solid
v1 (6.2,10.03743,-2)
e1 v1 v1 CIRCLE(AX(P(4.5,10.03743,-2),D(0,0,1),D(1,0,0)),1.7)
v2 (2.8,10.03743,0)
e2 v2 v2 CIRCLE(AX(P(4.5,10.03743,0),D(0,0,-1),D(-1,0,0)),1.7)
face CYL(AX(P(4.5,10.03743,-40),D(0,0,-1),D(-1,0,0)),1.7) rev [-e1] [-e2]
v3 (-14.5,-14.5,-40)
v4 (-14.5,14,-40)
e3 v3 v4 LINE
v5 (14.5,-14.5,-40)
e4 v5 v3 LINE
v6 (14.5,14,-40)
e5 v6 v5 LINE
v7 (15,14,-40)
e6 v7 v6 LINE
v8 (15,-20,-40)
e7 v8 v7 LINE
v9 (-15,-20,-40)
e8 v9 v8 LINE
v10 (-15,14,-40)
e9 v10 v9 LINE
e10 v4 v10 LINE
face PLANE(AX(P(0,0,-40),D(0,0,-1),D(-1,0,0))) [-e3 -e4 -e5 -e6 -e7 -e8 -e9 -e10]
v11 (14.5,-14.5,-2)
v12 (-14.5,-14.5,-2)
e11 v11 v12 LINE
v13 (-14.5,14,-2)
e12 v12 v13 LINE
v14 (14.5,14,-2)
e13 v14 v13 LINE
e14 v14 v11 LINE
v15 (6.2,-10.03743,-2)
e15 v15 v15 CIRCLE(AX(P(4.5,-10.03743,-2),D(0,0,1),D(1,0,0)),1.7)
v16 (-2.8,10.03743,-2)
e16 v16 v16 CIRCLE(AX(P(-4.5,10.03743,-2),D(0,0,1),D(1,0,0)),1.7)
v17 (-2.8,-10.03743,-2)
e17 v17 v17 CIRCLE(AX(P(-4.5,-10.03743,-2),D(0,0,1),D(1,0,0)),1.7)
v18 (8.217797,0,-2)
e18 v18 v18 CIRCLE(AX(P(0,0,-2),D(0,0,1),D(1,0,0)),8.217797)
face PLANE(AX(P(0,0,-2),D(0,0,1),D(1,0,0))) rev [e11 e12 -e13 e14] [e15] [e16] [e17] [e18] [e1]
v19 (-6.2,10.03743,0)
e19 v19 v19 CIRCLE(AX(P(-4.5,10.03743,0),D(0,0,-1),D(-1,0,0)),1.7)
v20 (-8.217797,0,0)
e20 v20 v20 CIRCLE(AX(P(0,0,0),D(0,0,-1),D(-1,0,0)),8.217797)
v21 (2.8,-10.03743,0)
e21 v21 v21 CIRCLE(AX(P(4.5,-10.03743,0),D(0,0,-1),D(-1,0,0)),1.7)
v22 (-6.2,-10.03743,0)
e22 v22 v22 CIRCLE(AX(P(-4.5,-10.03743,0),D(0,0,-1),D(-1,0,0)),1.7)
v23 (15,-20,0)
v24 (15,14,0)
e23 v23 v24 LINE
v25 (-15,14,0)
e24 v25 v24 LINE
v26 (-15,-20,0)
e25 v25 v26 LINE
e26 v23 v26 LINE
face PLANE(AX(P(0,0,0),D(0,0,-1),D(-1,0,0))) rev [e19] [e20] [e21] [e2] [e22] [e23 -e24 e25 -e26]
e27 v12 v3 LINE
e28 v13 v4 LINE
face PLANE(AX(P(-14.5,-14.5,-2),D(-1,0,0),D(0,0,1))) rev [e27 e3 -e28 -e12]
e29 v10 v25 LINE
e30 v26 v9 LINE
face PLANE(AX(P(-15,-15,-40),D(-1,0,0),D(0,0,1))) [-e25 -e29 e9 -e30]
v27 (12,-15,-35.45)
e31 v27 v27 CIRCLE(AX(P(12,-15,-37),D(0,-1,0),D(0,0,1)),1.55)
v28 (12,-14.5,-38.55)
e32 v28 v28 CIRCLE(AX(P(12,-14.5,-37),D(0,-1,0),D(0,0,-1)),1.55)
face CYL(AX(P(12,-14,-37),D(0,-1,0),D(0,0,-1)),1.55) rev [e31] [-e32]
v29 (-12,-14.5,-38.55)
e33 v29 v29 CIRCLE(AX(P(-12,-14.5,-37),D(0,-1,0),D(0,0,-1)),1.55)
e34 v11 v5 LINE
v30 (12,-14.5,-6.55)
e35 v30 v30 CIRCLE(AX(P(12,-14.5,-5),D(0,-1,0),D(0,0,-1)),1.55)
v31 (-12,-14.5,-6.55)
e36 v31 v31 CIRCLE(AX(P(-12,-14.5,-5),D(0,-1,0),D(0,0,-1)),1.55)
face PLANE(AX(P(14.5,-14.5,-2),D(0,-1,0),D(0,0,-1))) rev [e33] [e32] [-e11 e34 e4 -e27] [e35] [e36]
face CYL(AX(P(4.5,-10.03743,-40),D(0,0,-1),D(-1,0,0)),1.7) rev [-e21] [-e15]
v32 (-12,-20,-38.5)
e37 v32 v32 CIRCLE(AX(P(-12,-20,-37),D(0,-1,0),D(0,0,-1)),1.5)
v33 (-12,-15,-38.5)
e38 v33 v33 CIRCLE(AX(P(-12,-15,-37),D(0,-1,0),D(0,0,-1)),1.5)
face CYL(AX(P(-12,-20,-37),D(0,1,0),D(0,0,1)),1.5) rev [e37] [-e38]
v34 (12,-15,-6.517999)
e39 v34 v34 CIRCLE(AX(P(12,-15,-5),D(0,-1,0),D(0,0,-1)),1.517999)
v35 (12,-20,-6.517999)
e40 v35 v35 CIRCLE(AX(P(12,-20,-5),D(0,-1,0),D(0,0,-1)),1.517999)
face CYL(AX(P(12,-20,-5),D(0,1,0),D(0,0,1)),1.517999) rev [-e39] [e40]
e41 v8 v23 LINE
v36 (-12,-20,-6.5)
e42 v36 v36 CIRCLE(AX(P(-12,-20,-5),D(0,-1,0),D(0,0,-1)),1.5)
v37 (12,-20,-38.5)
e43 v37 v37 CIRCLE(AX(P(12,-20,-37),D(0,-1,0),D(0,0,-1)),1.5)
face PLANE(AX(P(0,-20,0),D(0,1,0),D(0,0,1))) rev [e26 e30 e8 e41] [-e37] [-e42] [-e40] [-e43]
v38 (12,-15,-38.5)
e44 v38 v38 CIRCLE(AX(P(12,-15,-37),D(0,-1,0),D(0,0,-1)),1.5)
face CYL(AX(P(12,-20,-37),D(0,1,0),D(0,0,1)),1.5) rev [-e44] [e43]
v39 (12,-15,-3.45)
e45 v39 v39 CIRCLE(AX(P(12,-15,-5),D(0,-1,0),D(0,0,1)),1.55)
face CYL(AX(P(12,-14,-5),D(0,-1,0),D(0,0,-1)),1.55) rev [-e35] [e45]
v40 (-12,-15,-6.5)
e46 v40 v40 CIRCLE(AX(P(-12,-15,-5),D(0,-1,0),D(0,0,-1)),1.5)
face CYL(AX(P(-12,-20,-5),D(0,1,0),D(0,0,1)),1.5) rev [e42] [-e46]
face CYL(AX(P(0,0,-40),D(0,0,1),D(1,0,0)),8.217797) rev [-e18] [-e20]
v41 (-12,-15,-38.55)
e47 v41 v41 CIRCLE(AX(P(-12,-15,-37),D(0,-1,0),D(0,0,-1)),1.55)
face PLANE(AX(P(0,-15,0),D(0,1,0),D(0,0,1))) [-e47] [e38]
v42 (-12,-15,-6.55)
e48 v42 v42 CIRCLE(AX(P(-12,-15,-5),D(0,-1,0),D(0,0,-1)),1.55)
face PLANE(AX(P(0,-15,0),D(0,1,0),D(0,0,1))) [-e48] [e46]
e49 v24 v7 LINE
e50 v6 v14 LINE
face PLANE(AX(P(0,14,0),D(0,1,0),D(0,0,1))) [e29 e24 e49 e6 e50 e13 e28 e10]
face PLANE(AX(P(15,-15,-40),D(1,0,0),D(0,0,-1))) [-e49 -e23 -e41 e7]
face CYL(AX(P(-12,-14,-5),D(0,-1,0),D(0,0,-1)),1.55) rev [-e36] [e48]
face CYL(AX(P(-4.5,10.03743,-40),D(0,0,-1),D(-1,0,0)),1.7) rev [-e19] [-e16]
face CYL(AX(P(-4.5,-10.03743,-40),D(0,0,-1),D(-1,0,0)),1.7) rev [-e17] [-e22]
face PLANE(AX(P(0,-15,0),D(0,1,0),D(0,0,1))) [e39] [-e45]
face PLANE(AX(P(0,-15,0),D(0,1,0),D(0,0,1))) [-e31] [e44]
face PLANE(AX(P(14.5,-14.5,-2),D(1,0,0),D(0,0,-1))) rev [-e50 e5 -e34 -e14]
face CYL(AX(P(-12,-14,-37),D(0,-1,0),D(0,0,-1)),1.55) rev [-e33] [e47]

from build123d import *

# Parameters (mm, degrees)
SKETCH1_W                                            = 30
SKETCH1_H                                            = 30
BOSS_EXTRUDE1_DEPTH                                  = 40
SKETCH7_W                                            = 29
SKETCH7_H                                            = 29
CUT_EXTRUDE5_DEPTH                                   = 38
CSK_FOR_M3_CROSS_COUNTERSUNK_HEAD_SCREW1_D           = 3.4
CSK_FOR_M3_CROSS_COUNTERSUNK_HEAD_SCREW1_CSINK_D     = 6
CSK_FOR_M3_CROSS_COUNTERSUNK_HEAD_SCREW1_CSINK_ANGLE = 92
SKETCH18_W                                           = 30
SKETCH18_H                                           = 40
CUT_EXTRUDE6_DEPTH                                   = 1
SKETCH19_R                                           = 1.55
CUT_EXTRUDE7_DEPTH                                   = 1
CUT_EXTRUDE8_DEPTH                                   = 46.276925691
CUT_EXTRUDE8_DEPTH_BACK                              = 46.276925691
SKETCH20_R                                           = 8.2177971
SKETCH22_R                                           = 1.5
SKETCH22_R_2                                         = 1.517998986
BOSS_EXTRUDE2_DEPTH                                  = 5


with BuildPart() as part:
    # Sketch1 → Boss-Extrude1 (new body)
    with BuildSketch(Plane.XY):
        Rectangle(SKETCH1_W, SKETCH1_H)
    extrude(amount=-BOSS_EXTRUDE1_DEPTH)

    # Sketch7 → Cut-Extrude5 (cut)
    with BuildSketch(Plane(origin=(0, 0, -40), x_dir=(-1, 0, 0), z_dir=(0, 0, -1))):
        Rectangle(SKETCH7_W, SKETCH7_H)
    extrude(amount=-CUT_EXTRUDE5_DEPTH, mode=Mode.SUBTRACT)

    # CSK for M3 Cross Countersunk Head Screw1 (through all)
    with Locations(Plane(origin=(0, 0, -40), x_dir=(1, 0, 0), z_dir=(0, 0, -1))):
        with Locations((-4.5, -10.03742995), (4.5, -10.03742995), (4.5, 10.03742995), (-4.5, 10.03742995)):
            CounterSinkHole(CSK_FOR_M3_CROSS_COUNTERSUNK_HEAD_SCREW1_D / 2, CSK_FOR_M3_CROSS_COUNTERSUNK_HEAD_SCREW1_CSINK_D / 2, counter_sink_angle=CSK_FOR_M3_CROSS_COUNTERSUNK_HEAD_SCREW1_CSINK_ANGLE)

    # Sketch18 → Cut-Extrude6 (cut)
    with BuildSketch(Plane(origin=(0, 15, 0), x_dir=(1, 0, 0), z_dir=(0, 1, 0))):
        with Locations((0, 20)):
            Rectangle(SKETCH18_W, SKETCH18_H)
    extrude(amount=-CUT_EXTRUDE6_DEPTH, mode=Mode.SUBTRACT)

    # Sketch19 → Cut-Extrude7 (cut)
    with BuildSketch(Plane.XZ.offset(15)):
        with Locations(Location((-12, -5, 0), (0, 0, 270))):
            Circle(SKETCH19_R)
        with Locations(Location((-12, -37, 0), (0, 0, 270))):
            Circle(SKETCH19_R)
        with Locations(Location((12, -37, 0), (0, 0, 270))):
            Circle(SKETCH19_R)
        with Locations(Location((12, -5, 0), (0, 0, 270))):
            Circle(SKETCH19_R)
    extrude(amount=-CUT_EXTRUDE7_DEPTH, mode=Mode.SUBTRACT)

    # Sketch20 → Cut-Extrude8 (cut, two sides: drawn at the far end of the back side and taken through both)
    with BuildSketch(Plane.XY.offset(-CUT_EXTRUDE8_DEPTH_BACK)):
        Circle(SKETCH20_R)
    extrude(amount=CUT_EXTRUDE8_DEPTH + CUT_EXTRUDE8_DEPTH_BACK, mode=Mode.SUBTRACT)

    # Sketch22 → Boss-Extrude2 (add)
    with BuildSketch(Plane.XZ.offset(15)):
        Polygon((15, -40), (14.5, -40), (-14.5, -40), (-15, -40), (-15, 0), (15, 0), align=None)
        with Locations(Location((-12, -5, 0), (0, 0, 270))):
            Circle(SKETCH22_R, mode=Mode.SUBTRACT)
        with Locations(Location((12, -5, 0), (0, 0, 270))):
            Circle(SKETCH22_R_2, mode=Mode.SUBTRACT)
        with Locations(Location((-12, -37, 0), (0, 0, 270))):
            Circle(SKETCH22_R, mode=Mode.SUBTRACT)
        with Locations(Location((12, -37, 0), (0, 0, 270))):
            Circle(SKETCH22_R, mode=Mode.SUBTRACT)
    extrude(amount=BOSS_EXTRUDE2_DEPTH)


solid = part.part
